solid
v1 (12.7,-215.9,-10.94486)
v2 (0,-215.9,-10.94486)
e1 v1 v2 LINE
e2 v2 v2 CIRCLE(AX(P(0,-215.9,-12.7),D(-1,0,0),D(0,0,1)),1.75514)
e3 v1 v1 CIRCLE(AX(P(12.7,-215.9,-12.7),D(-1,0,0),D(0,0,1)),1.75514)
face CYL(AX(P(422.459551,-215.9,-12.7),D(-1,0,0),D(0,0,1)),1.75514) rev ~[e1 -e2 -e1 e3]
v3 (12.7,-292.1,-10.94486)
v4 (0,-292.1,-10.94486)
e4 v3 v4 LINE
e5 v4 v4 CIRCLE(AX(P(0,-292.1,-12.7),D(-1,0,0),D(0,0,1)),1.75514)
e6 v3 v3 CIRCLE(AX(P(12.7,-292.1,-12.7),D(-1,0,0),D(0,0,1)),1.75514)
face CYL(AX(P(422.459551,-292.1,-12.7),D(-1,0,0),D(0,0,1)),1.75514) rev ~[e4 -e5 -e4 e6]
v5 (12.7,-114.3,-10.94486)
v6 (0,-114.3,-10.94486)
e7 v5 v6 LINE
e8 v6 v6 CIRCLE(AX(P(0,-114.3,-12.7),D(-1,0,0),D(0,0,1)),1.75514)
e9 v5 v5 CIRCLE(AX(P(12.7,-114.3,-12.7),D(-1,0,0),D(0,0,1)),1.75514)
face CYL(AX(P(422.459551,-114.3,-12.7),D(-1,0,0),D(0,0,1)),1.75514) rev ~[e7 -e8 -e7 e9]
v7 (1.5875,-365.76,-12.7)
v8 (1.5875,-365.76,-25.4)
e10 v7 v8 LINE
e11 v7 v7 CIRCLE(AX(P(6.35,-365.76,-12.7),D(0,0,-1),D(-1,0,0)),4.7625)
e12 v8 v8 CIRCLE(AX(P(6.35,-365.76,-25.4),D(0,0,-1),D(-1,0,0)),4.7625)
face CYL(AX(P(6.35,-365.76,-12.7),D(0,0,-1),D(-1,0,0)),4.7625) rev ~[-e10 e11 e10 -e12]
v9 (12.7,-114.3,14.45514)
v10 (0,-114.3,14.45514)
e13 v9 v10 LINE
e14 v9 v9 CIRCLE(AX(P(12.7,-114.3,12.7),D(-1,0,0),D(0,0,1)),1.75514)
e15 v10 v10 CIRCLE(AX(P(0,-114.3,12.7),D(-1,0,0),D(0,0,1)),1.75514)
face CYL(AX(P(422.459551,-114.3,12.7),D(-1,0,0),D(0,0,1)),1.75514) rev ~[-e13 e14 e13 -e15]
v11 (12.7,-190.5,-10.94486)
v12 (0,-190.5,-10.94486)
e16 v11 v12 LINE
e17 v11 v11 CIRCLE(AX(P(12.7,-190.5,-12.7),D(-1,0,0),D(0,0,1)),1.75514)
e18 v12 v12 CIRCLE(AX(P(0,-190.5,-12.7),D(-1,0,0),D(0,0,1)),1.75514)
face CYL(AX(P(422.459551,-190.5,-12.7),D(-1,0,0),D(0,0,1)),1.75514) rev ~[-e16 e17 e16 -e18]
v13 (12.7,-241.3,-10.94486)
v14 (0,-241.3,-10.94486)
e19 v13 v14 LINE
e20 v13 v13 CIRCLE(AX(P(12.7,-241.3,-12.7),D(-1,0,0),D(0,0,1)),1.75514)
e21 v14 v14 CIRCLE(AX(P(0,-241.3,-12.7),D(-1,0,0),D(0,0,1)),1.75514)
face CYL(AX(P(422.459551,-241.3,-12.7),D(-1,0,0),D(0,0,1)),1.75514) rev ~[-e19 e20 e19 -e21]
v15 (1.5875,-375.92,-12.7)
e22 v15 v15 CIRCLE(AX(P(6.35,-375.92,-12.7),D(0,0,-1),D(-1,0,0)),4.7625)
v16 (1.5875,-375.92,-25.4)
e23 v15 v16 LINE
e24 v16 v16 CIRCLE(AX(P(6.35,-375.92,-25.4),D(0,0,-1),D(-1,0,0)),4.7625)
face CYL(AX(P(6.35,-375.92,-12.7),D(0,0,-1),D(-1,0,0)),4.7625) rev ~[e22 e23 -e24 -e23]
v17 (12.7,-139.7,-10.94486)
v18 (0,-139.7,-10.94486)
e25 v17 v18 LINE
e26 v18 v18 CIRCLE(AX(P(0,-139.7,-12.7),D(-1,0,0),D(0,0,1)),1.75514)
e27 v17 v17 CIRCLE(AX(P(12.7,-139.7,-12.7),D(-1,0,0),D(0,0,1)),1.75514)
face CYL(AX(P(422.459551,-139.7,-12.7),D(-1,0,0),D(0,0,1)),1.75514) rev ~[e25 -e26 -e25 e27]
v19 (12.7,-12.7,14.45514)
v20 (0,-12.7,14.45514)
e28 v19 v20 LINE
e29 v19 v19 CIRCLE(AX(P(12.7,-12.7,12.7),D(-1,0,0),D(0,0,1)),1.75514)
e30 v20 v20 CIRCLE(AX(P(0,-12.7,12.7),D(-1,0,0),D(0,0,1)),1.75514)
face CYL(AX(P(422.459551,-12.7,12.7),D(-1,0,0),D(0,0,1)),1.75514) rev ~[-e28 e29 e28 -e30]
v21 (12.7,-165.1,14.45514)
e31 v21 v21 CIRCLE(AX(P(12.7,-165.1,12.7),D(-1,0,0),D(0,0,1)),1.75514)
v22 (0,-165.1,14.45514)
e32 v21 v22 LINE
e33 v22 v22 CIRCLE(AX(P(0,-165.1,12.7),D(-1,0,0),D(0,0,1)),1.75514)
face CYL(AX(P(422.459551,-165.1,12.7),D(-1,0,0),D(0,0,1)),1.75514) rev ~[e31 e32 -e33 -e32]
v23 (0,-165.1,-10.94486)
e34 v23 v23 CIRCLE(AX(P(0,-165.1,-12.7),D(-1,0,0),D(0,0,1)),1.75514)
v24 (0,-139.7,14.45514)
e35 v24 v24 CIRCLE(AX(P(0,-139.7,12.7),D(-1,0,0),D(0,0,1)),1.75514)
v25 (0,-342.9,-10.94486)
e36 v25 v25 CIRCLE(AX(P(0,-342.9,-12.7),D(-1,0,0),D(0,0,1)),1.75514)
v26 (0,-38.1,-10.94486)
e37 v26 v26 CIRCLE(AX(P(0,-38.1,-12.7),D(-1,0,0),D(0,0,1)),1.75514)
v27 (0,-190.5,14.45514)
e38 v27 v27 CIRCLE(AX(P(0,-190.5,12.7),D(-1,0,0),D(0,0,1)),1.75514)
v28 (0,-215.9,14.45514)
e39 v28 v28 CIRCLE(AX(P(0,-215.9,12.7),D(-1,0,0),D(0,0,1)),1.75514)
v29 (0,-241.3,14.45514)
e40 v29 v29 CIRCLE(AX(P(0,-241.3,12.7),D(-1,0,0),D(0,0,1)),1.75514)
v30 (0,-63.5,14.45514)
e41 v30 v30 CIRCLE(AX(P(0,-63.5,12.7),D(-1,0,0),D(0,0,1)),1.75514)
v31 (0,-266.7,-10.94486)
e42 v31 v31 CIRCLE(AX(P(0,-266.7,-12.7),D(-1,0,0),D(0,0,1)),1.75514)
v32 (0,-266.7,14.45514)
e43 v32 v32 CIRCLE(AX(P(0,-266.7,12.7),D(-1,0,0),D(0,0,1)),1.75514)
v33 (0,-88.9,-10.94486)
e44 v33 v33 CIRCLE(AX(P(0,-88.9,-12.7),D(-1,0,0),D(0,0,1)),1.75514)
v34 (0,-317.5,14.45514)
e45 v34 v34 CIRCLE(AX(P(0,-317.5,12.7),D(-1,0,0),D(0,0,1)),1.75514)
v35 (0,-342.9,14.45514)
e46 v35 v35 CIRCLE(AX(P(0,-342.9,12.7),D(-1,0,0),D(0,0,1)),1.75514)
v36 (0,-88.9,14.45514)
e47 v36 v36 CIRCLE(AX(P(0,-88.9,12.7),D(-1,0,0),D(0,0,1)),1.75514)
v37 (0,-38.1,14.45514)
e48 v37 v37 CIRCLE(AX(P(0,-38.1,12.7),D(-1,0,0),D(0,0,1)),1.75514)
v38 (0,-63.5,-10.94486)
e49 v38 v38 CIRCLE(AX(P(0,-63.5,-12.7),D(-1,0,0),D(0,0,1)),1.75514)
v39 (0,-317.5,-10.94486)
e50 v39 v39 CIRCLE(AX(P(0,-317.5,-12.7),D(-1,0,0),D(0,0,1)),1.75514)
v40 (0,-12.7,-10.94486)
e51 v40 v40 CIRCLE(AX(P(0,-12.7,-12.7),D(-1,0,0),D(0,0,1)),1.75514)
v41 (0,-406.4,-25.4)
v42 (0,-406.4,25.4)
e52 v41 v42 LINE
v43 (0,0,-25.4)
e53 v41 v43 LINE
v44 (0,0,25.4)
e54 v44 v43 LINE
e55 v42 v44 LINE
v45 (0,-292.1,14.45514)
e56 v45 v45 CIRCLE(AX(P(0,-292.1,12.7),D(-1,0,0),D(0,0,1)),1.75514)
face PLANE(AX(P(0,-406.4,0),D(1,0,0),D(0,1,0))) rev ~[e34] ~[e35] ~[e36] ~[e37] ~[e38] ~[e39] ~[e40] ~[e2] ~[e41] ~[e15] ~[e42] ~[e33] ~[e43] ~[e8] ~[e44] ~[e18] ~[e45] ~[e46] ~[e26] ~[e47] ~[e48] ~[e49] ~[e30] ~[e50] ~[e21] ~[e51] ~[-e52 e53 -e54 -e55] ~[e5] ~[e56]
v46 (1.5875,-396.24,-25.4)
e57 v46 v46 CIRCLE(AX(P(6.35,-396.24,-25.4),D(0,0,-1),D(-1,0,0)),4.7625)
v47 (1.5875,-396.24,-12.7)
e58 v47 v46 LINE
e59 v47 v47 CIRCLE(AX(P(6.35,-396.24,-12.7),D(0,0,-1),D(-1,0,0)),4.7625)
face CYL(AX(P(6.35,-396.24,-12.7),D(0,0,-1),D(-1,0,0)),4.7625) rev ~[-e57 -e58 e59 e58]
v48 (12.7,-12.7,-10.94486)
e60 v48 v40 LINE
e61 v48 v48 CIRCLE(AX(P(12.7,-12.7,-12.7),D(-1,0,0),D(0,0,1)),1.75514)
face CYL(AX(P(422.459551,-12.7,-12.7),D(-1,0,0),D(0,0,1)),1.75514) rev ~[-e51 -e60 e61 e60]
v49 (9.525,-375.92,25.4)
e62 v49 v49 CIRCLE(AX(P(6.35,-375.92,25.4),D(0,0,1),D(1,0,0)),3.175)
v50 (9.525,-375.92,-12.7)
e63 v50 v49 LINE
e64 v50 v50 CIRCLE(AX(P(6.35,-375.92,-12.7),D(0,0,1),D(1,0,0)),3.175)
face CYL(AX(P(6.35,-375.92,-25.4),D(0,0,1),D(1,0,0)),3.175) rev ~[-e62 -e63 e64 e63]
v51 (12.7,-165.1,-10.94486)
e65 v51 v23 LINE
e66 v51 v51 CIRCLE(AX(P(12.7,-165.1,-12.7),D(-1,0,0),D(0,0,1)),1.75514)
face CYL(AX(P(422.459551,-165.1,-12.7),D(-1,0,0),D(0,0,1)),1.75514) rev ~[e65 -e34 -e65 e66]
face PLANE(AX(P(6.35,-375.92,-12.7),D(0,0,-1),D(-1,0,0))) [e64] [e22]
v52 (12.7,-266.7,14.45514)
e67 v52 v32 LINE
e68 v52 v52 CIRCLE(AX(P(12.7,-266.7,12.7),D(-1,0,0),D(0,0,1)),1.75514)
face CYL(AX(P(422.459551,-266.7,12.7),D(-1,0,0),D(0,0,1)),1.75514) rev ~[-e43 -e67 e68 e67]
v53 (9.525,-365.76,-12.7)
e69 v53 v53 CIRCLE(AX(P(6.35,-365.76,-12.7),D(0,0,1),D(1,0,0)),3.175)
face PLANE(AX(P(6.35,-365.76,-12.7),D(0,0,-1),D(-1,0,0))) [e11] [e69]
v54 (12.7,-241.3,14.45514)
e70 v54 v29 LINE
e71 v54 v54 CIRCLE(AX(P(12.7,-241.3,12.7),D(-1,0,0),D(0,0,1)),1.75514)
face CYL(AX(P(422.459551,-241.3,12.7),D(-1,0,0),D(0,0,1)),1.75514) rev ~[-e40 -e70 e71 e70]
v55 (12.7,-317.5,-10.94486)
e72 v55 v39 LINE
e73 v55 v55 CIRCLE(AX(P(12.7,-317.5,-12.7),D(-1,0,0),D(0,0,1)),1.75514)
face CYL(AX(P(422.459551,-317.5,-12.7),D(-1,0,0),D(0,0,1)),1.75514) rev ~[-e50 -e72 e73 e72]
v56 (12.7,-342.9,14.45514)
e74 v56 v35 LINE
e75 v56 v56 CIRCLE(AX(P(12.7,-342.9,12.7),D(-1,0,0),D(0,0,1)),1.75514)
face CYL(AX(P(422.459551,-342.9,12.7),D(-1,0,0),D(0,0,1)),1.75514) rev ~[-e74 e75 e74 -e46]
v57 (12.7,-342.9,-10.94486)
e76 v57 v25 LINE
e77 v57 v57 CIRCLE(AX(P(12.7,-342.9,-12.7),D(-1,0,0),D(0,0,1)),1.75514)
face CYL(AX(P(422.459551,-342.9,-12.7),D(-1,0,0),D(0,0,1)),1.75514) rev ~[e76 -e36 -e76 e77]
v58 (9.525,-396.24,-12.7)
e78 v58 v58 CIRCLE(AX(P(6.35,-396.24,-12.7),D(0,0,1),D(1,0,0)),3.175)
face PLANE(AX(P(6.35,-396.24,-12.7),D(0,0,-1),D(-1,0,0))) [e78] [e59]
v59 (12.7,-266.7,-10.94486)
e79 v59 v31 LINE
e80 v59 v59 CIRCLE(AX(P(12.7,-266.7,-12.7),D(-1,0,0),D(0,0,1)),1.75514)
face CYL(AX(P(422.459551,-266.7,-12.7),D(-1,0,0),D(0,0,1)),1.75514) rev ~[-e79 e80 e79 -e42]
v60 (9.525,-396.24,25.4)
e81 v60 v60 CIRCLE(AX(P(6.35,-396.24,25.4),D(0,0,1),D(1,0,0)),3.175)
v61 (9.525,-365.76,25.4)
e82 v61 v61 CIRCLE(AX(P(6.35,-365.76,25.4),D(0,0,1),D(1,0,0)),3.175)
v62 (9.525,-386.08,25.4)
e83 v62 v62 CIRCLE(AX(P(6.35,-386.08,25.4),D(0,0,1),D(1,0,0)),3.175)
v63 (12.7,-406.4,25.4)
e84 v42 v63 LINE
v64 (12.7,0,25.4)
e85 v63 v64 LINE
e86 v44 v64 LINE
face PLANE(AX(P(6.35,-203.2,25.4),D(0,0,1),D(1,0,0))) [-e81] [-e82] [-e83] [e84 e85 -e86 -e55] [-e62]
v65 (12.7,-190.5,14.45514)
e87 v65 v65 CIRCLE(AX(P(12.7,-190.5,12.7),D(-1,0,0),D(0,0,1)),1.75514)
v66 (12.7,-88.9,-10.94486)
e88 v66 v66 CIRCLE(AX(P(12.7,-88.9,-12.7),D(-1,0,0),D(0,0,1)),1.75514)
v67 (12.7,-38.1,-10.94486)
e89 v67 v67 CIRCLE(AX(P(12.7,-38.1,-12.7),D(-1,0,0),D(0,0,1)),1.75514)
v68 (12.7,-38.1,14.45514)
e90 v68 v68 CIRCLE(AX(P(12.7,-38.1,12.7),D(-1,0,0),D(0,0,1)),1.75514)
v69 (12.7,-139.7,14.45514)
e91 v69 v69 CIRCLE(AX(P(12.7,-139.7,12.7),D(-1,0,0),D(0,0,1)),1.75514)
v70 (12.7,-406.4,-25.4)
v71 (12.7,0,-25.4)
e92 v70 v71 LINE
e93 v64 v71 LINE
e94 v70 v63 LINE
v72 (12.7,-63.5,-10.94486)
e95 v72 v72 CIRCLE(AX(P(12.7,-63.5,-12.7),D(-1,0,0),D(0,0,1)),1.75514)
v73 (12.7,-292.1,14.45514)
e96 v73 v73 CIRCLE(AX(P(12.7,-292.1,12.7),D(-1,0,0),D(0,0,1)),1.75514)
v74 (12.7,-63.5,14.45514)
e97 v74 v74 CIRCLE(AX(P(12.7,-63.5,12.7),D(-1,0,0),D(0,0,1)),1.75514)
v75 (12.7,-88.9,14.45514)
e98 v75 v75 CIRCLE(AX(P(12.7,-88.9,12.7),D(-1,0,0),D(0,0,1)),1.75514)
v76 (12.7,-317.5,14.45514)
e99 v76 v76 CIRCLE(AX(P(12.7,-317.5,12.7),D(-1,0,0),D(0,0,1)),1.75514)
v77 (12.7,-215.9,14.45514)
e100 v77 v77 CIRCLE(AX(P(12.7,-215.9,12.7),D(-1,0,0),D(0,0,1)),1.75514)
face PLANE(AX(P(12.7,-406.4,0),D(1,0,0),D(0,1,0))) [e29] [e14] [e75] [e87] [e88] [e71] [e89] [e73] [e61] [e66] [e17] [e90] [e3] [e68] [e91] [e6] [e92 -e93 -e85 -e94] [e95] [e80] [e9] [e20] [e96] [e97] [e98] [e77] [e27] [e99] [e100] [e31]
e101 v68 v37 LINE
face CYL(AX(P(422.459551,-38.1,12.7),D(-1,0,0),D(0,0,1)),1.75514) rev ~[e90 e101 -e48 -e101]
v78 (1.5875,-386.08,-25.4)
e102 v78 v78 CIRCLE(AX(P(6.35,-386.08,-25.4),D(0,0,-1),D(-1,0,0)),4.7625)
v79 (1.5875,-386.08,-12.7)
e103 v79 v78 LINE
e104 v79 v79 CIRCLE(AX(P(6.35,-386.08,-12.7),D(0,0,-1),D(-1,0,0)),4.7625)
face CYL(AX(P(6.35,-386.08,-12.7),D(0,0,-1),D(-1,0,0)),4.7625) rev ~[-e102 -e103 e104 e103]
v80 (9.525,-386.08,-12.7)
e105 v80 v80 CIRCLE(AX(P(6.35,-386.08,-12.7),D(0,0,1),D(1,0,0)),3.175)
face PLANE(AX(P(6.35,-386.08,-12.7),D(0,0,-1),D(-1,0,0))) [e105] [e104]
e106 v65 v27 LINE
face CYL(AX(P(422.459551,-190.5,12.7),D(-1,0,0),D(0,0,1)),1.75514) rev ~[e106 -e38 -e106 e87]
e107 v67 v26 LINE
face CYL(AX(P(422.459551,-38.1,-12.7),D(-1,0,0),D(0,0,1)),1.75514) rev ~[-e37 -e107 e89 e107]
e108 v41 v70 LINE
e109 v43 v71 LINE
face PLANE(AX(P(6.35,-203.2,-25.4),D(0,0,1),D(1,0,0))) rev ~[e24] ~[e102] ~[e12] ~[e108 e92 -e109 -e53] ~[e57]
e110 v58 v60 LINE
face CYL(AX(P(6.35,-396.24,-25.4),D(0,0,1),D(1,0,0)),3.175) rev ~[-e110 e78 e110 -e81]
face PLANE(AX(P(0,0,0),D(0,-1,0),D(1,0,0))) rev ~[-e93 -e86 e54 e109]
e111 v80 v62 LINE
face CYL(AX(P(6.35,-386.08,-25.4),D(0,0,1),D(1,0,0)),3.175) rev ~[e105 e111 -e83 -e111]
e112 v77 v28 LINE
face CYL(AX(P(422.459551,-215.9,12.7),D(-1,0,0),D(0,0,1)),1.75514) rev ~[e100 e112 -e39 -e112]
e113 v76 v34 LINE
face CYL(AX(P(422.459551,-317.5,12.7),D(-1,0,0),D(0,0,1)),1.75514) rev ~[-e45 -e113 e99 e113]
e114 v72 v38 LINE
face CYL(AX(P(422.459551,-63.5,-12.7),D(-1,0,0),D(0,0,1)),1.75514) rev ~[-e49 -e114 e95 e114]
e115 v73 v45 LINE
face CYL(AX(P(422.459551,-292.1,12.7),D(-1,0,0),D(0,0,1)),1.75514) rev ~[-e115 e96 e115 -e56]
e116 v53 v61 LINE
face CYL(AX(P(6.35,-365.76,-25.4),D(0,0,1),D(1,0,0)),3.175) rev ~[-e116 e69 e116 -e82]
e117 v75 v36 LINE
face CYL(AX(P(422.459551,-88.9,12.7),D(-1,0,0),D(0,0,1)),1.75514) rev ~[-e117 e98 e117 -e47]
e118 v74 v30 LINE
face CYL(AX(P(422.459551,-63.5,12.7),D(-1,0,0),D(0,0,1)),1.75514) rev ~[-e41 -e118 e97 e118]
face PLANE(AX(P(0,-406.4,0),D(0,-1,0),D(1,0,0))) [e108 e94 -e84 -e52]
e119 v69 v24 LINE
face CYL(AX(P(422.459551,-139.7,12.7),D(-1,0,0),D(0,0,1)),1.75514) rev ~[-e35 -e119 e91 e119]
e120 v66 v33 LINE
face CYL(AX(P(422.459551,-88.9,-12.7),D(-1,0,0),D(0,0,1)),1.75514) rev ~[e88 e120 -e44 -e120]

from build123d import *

# Parameters (mm, degrees)
SKETCH1_W                                   = 12.7
SKETCH1_H                                   = 406.4
BOSS_EXTRUDE1_DEPTH                         = 25.4
F_10_32_THREADED_HOLES_D                    = 3.51028
CBORE_FOR_10_HEX_MACHINE_SCREW1_D           = 6.35
CBORE_FOR_10_HEX_MACHINE_SCREW1_CBORE_D     = 9.525
CBORE_FOR_10_HEX_MACHINE_SCREW1_CBORE_DEPTH = 12.7


with BuildPart() as part:
    # Sketch1 → Boss-Extrude1 (new, symmetric)
    with BuildSketch(Plane.XY):
        with Locations((6.35, -203.2)):
            Rectangle(SKETCH1_W, SKETCH1_H)
    extrude(amount=BOSS_EXTRUDE1_DEPTH, both=True)

    # #10-32 Threaded Holes (through all)
    with Locations(Plane(origin=(12.7, 0, 0), x_dir=(0, 0, -1), z_dir=(1, 0, 0))):
        with Locations((-12.7, -12.7), (12.7, -12.7), (-12.7, -38.1), (12.7, -38.1), (-12.7, -63.5), (12.7, -63.5), (-12.7, -88.9), (12.7, -88.9), (-12.7, -114.3), (12.7, -114.3), (-12.7, -139.7), (12.7, -139.7), (-12.7, -165.1), (12.7, -165.1), (-12.7, -190.5), (12.7, -190.5), (-12.7, -215.9), (12.7, -215.9), (-12.7, -241.3), (12.7, -241.3), (-12.7, -266.7), (12.7, -266.7), (-12.7, -292.1), (12.7, -292.1), (-12.7, -317.5), (12.7, -317.5), (-12.7, -342.9), (12.7, -342.9)):
            Hole(F_10_32_THREADED_HOLES_D / 2)

    # CBORE for #10 Hex Machine Screw1 (through all)
    with Locations(Plane(origin=(0, 0, -25.4), x_dir=(-1, 0, 0), z_dir=(0, 0, -1))):
        with Locations((-6.35, -396.24), (-6.35, -386.08), (-6.35, -375.92), (-6.35, -365.76)):
            CounterBoreHole(CBORE_FOR_10_HEX_MACHINE_SCREW1_D / 2, CBORE_FOR_10_HEX_MACHINE_SCREW1_CBORE_D / 2, CBORE_FOR_10_HEX_MACHINE_SCREW1_CBORE_DEPTH)


solid = part.part
